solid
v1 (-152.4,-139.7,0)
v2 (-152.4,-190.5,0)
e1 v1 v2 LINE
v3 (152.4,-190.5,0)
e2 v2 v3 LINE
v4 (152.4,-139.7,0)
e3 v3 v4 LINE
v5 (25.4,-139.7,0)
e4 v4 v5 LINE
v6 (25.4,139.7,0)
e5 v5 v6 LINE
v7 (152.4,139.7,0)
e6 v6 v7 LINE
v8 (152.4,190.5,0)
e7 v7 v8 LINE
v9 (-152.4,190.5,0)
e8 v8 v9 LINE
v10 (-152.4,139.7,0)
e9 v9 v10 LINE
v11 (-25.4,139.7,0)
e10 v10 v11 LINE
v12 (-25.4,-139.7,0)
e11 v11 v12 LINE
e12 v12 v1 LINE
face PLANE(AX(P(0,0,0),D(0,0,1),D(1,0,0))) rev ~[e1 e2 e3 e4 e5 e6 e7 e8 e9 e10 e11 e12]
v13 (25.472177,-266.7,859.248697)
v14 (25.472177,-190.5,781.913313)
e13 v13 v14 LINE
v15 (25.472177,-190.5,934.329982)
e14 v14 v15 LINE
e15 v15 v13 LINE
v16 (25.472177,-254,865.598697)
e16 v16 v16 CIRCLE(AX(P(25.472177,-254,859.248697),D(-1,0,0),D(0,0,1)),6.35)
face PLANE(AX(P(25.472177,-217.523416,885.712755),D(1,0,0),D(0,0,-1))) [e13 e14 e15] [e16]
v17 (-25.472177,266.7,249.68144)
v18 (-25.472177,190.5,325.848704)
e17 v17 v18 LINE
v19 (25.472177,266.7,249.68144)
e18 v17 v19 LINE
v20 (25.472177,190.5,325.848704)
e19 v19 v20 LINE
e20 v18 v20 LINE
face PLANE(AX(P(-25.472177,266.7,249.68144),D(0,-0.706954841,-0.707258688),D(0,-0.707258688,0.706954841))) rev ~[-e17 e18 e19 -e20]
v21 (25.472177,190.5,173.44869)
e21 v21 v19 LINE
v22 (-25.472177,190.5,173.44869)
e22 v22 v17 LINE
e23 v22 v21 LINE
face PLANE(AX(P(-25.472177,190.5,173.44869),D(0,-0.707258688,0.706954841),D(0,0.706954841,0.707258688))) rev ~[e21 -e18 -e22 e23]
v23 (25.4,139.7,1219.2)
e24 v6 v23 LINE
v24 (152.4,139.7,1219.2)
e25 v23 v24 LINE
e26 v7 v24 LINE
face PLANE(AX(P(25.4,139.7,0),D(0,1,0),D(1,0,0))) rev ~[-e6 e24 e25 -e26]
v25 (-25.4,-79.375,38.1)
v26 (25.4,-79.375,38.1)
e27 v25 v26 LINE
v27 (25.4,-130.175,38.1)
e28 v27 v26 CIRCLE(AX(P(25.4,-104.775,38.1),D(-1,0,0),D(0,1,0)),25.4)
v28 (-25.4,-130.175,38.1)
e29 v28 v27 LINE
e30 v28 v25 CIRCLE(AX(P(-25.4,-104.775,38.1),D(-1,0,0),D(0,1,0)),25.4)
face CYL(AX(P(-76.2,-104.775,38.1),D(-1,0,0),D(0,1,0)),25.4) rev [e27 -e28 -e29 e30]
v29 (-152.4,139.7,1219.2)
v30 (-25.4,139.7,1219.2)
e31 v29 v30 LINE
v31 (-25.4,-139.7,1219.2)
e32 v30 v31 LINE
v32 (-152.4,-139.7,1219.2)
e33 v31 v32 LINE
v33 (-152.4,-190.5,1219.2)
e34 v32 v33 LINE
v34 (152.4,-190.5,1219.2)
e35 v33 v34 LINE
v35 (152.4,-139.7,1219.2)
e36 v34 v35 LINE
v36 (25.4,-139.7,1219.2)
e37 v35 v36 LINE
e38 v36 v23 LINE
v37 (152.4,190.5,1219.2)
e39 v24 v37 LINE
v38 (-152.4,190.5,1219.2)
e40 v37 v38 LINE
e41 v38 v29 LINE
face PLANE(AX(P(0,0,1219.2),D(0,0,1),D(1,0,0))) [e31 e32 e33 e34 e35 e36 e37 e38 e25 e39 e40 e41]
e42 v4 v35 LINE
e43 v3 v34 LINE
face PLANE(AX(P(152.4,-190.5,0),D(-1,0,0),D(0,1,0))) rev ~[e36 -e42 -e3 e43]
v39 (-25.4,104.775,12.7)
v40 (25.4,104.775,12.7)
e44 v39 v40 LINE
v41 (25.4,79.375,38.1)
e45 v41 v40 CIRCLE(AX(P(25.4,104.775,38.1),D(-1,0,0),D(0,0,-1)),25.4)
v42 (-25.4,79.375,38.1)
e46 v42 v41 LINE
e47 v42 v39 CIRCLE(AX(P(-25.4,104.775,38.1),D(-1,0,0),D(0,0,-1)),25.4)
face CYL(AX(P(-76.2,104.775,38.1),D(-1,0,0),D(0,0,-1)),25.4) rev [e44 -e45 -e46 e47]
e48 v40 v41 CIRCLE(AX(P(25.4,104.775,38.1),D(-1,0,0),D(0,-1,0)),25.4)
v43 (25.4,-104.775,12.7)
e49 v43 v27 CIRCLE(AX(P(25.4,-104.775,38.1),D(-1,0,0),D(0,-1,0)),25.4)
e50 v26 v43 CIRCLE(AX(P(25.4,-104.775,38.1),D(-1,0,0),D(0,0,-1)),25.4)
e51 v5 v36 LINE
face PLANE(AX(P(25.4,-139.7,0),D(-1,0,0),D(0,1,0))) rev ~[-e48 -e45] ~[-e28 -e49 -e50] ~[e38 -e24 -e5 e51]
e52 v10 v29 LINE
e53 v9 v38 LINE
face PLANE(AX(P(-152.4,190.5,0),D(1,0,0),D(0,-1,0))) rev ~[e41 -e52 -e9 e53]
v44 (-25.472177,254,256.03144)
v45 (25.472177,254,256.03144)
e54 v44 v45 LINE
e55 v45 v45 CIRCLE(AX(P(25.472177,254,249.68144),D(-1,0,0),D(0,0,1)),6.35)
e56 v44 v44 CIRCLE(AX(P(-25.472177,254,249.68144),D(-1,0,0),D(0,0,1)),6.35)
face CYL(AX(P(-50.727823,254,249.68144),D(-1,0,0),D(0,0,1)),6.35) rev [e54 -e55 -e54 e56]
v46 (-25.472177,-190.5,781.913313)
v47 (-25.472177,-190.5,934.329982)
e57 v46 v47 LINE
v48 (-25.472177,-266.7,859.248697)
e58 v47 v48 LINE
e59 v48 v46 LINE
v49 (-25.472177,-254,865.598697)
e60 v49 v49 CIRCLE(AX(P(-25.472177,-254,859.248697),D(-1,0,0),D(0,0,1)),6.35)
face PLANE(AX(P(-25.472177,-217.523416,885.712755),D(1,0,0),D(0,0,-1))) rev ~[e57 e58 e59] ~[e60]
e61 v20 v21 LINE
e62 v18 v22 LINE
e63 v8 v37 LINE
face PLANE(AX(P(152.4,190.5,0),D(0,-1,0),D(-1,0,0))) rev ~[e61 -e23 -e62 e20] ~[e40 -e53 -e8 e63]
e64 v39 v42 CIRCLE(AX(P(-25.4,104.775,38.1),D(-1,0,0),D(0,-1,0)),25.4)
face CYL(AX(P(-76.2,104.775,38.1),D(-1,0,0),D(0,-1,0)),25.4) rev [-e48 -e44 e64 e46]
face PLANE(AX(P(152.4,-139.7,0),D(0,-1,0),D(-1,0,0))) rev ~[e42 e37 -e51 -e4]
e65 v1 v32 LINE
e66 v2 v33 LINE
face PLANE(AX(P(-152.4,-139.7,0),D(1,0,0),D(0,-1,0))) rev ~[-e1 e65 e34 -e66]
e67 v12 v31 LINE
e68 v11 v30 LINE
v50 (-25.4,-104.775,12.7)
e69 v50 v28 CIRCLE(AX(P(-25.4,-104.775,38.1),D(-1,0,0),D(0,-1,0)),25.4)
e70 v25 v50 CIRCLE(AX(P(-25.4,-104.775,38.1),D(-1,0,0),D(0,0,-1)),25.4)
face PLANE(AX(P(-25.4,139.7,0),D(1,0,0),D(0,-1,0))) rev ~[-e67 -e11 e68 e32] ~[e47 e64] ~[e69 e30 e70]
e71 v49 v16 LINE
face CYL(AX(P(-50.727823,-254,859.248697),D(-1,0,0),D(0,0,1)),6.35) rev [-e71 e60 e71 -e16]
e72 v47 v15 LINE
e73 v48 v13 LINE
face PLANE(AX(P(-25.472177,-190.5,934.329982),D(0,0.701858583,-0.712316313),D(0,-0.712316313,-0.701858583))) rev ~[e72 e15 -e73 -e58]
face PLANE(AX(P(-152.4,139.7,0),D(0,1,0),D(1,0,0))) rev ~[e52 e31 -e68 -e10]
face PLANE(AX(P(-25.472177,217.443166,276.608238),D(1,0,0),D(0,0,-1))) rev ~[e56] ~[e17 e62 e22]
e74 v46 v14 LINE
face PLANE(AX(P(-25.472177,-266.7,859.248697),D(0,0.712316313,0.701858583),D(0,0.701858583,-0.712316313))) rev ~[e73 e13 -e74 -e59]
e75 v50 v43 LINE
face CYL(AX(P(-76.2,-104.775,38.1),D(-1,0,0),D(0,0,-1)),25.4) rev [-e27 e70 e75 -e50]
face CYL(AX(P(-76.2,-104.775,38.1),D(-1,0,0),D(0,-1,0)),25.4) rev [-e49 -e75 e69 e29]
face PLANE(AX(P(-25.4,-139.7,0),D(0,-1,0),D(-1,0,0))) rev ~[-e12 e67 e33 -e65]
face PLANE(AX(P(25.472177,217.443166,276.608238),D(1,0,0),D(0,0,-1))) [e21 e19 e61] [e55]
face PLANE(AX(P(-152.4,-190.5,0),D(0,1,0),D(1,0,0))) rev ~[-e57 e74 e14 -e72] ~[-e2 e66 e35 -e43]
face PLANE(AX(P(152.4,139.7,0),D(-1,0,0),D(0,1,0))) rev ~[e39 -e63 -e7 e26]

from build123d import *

# Parameters (mm, degrees)
BOSS_EXTRUDE1_DEPTH      = 1219.2
BOSS_EXTRUDE2_DEPTH      = 0.072177487
BOSS_EXTRUDE2_DEPTH_BACK = 50.872177487
BOSS_EXTRUDE3_DEPTH      = 0.072177487
BOSS_EXTRUDE3_DEPTH_BACK = 50.872177487
CUT_EXTRUDE1_DEPTH       = 101.6
CUT_EXTRUDE1_DEPTH_BACK  = 101.6
CUT_EXTRUDE3_DEPTH       = 76.2
CUT_EXTRUDE3_DEPTH_BACK  = 76.2
SKETCH7_R                = 6.35


with BuildPart() as part:
    # Sketch1 → Boss-Extrude1 (new body)
    with BuildSketch(Plane.XY):
        Polygon((152.4, 190.5), (-152.4, 190.5), (-152.4, 139.7), (-25.4, 139.7), (-25.4, -139.7), (-152.4, -139.7), (-152.4, -190.5), (152.4, -190.5), (152.4, -139.7), (25.4, -139.7), (25.4, 139.7), (152.4, 139.7), align=None)
    extrude(amount=BOSS_EXTRUDE1_DEPTH)

    # Sketch3 → Boss-Extrude2 (add, two sides: drawn at the far end of the back side and taken through both)
    with BuildSketch(Plane(origin=(25.4, 0, 0), x_dir=(0, 0, -1), z_dir=(1, 0, 0)).offset(-BOSS_EXTRUDE2_DEPTH_BACK)):
        Polygon((-325.848703736, 190.5), (-249.681440183, 190.5), (-249.681440183, 266.7), align=None)
        Polygon((-249.681440183, 266.7), (-249.681440183, 190.5), (-173.448689666, 190.5), align=None)
    extrude(amount=BOSS_EXTRUDE2_DEPTH + BOSS_EXTRUDE2_DEPTH_BACK)

    # Sketch4 → Boss-Extrude3 (add, two sides: drawn at the far end of the back side and taken through both)
    with BuildSketch(Plane(origin=(25.4, 0, 0), x_dir=(0, 0, -1), z_dir=(1, 0, 0)).offset(-BOSS_EXTRUDE3_DEPTH_BACK)):
        Polygon((-859.248696701, -266.7), (-859.248696701, -190.5), (-934.329981547, -190.5), align=None)
        Polygon((-781.913312631, -190.5), (-859.248696701, -190.5), (-859.248696701, -266.7), align=None)
    extrude(amount=BOSS_EXTRUDE3_DEPTH + BOSS_EXTRUDE3_DEPTH_BACK)

    # Sketch6 → Cut-Extrude1 (cut, two sides: drawn at the far end of the back side and taken through both)
    with BuildSketch(Plane(origin=(25.4, 0, 0), x_dir=(0, 0, -1), z_dir=(1, 0, 0)).offset(-CUT_EXTRUDE1_DEPTH_BACK)):
        with BuildLine():
            ThreePointArc((-38.1, 79.375), (-20.139487758, 86.814487758), (-12.7, 104.775))
            Line((-12.7, 104.775), (-38.1, 104.775))
            Line((-38.1, 104.775), (-38.1, 79.375))
        make_face()
        with BuildLine():
            Line((-38.1, 104.775), (-12.7, 104.775))
            ThreePointArc((-12.7, 104.775), (-56.060512242, 122.735512242), (-38.1, 79.375))
            Line((-38.1, 79.375), (-38.1, 104.775))
        make_face()
        with BuildLine():
            Line((-38.1, -130.175), (-38.1, -104.775))
            Line((-38.1, -104.775), (-38.1, -79.375))
            ThreePointArc((-38.1, -79.375), (-63.5, -104.775), (-38.1, -130.175))
        make_face()
        with BuildLine():
            ThreePointArc((-38.1, -130.175), (-20.139487758, -122.735512242), (-12.7, -104.775))
            Line((-12.7, -104.775), (-38.1, -104.775))
            Line((-38.1, -104.775), (-38.1, -130.175))
        make_face()
        with BuildLine():
            Line((-38.1, -104.775), (-12.7, -104.775))
            ThreePointArc((-12.7, -104.775), (-20.139487758, -86.814487758), (-38.1, -79.375))
            Line((-38.1, -79.375), (-38.1, -104.775))
        make_face()
    extrude(amount=CUT_EXTRUDE1_DEPTH + CUT_EXTRUDE1_DEPTH_BACK, mode=Mode.SUBTRACT)

    # Sketch7 → Cut-Extrude3 (cut, two sides: drawn at the far end of the back side and taken through both)
    with BuildSketch(Plane(origin=(25.472177487, 0, 0), x_dir=(0, 0, -1), z_dir=(1, 0, 0)).offset(-CUT_EXTRUDE3_DEPTH_BACK)):
        with Locations(Location((-249.681440183, 254, 0), (0, 0, 180))):
            Circle(SKETCH7_R)
        with Locations(Location((-859.248696701, -254, 0), (0, 0, 180))):
            Circle(SKETCH7_R)
    extrude(amount=CUT_EXTRUDE3_DEPTH + CUT_EXTRUDE3_DEPTH_BACK, mode=Mode.SUBTRACT)


solid = part.part
